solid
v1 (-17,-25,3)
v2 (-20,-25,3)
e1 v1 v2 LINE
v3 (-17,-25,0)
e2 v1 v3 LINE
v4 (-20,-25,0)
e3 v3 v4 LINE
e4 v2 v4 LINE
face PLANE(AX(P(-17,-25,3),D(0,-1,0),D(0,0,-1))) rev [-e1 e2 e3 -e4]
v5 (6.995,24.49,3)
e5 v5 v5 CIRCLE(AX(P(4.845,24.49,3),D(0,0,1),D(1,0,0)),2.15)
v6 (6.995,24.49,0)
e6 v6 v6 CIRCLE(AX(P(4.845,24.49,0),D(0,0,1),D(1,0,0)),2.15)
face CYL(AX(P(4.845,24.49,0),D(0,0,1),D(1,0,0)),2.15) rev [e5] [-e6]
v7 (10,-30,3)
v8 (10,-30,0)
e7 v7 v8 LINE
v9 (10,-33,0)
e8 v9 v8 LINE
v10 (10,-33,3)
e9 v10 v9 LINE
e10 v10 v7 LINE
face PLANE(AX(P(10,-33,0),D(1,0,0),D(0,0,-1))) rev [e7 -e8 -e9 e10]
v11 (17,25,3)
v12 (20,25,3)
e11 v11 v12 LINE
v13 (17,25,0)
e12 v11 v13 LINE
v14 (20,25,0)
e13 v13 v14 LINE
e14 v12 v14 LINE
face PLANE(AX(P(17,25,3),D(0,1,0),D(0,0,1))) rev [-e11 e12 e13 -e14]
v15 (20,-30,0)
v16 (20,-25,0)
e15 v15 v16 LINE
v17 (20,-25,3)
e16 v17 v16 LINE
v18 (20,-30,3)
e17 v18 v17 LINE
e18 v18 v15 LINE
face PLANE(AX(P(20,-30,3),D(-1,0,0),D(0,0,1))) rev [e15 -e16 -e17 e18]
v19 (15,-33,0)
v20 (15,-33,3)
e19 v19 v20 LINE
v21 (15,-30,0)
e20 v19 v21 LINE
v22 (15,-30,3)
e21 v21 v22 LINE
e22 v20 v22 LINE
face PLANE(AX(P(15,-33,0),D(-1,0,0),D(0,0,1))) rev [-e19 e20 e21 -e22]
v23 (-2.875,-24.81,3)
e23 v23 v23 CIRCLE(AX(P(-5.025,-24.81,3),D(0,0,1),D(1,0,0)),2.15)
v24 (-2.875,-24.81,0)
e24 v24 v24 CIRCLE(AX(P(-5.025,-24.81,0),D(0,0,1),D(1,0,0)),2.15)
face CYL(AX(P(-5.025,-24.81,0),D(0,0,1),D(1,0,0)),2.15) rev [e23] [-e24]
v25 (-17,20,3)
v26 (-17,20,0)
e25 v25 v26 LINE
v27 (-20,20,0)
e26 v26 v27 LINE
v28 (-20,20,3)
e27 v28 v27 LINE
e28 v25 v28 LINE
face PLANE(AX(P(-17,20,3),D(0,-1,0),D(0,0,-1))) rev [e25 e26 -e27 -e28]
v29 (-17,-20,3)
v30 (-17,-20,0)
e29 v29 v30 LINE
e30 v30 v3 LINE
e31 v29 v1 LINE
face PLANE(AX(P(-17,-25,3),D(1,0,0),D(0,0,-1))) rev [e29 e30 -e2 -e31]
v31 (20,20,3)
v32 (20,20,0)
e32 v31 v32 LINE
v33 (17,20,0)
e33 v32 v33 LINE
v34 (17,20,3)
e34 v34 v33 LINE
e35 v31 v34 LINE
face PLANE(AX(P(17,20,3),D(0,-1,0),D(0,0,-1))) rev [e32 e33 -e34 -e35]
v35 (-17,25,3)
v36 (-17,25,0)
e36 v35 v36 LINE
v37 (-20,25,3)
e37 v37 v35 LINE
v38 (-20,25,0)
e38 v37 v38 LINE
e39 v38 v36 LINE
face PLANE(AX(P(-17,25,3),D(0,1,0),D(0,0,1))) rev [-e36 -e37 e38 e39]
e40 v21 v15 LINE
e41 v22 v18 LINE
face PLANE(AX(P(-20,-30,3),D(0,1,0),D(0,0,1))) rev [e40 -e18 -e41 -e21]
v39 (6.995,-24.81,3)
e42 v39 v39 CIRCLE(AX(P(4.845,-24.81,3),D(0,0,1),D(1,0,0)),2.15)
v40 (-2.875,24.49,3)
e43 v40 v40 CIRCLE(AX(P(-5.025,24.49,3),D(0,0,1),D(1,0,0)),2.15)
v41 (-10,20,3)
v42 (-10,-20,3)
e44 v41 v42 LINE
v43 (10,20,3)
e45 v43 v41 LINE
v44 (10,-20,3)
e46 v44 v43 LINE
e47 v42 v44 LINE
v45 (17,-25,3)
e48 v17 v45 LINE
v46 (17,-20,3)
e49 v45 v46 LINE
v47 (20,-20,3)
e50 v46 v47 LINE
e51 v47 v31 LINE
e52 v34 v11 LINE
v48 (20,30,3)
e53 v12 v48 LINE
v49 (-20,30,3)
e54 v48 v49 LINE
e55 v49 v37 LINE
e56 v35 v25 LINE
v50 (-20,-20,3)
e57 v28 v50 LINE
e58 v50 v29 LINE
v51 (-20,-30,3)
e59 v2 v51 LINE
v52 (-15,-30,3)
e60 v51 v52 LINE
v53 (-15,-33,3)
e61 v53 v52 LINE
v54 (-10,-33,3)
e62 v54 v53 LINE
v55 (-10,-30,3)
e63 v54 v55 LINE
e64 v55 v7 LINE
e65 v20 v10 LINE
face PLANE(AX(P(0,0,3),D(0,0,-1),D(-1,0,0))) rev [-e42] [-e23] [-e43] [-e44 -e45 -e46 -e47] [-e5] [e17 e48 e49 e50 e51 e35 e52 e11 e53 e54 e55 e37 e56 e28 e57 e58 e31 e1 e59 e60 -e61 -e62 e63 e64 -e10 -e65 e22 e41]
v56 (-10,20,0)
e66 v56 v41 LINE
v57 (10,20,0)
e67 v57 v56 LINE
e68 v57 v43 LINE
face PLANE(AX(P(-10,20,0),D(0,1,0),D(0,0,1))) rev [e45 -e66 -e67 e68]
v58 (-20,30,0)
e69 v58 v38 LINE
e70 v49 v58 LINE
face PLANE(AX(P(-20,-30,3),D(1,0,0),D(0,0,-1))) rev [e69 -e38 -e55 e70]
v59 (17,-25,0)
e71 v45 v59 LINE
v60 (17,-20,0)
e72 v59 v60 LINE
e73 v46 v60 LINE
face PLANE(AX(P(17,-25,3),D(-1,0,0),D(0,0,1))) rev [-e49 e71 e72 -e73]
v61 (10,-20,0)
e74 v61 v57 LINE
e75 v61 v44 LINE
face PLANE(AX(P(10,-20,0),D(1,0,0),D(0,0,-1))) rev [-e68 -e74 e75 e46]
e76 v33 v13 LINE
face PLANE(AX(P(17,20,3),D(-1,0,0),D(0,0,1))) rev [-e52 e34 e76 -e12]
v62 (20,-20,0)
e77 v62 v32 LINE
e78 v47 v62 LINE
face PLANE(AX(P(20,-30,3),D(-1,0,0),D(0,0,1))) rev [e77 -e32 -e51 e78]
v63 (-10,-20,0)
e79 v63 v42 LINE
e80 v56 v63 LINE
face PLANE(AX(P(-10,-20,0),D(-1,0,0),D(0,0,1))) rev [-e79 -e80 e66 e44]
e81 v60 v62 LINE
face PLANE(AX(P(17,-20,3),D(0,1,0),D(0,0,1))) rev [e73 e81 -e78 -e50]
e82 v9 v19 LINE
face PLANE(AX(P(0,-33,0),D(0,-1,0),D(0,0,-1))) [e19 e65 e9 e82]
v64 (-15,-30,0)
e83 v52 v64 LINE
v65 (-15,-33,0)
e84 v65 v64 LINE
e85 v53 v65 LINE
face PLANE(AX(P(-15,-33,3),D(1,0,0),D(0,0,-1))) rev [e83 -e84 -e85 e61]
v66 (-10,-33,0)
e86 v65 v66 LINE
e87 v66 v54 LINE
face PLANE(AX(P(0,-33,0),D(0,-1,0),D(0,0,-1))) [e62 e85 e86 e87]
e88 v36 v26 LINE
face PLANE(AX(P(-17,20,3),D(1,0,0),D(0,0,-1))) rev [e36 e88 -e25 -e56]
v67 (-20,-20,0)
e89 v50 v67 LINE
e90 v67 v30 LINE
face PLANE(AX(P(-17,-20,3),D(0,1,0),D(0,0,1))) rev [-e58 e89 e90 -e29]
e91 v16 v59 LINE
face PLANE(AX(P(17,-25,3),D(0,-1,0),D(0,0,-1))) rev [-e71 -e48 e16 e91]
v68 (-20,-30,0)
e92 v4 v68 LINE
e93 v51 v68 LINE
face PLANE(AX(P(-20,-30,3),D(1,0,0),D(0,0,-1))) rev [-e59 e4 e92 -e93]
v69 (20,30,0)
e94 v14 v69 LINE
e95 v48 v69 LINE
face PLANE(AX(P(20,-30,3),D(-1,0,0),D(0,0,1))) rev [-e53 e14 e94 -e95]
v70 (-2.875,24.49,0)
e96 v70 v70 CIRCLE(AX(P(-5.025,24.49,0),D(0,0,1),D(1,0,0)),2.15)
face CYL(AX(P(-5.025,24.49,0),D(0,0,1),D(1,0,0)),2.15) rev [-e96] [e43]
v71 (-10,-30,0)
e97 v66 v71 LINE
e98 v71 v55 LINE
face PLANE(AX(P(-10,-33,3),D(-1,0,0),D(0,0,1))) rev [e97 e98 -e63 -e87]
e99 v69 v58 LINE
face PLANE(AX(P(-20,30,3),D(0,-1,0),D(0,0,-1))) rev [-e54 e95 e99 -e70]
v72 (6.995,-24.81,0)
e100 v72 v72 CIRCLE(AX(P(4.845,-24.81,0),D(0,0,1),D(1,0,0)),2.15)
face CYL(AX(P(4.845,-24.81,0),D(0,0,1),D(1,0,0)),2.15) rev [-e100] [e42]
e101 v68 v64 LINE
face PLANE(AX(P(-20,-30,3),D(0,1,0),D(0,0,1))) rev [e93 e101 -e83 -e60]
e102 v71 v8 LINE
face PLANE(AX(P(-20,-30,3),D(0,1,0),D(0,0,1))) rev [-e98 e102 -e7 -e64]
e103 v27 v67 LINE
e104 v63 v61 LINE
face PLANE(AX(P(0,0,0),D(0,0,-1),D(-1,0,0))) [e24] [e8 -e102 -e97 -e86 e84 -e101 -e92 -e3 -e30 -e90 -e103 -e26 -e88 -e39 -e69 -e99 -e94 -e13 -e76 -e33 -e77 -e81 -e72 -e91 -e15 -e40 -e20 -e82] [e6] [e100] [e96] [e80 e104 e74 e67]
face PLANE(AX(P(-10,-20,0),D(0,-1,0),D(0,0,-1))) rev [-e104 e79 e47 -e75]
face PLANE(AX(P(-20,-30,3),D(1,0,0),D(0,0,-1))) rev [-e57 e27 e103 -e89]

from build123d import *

# Parameters (mm, degrees)
SKETCH1_W           = 40
SKETCH1_H           = 60
BOSS_EXTRUDE1_DEPTH = 3
SKETCH2_R           = 2.15
SKETCH2_W           = 20
SKETCH2_H           = 40
CUT_EXTRUDE1_DEPTH  = 3
SKETCH3_W           = 5
SKETCH3_H           = 3
BOSS_EXTRUDE2_DEPTH = 3
SKETCH4_W           = 3
SKETCH4_H           = 5
CUT_EXTRUDE2_DEPTH  = 3


with BuildPart() as part:
    # Sketch1 → Boss-Extrude1 (new body)
    with BuildSketch(Plane.XY):
        Rectangle(SKETCH1_W, SKETCH1_H)
    extrude(amount=BOSS_EXTRUDE1_DEPTH)

    # Sketch2 → Cut-Extrude1 (cut)
    with BuildSketch(Plane.XY.offset(3)):
        with Locations((4.845, 24.49)):
            Circle(SKETCH2_R)
        with Locations((-5.025, 24.49)):
            Circle(SKETCH2_R)
        with Locations((-5.025, -24.81)):
            Circle(SKETCH2_R)
        with Locations((4.845, -24.81)):
            Circle(SKETCH2_R)
        Rectangle(SKETCH2_W, SKETCH2_H)
    extrude(amount=-CUT_EXTRUDE1_DEPTH, mode=Mode.SUBTRACT)

    # Sketch3 → Boss-Extrude2 (add)
    with BuildSketch(Plane.XZ.offset(30)):
        with Locations((12.5, 1.5)):
            Rectangle(SKETCH3_W, SKETCH3_H)
        with Locations((-12.5, 1.5)):
            Rectangle(SKETCH3_W, SKETCH3_H)
    extrude(amount=BOSS_EXTRUDE2_DEPTH)

    # Sketch4 → Cut-Extrude2 (cut)
    with BuildSketch(Plane(origin=(0, 0, 0), x_dir=(-1, 0, 0), z_dir=(0, 0, -1))):
        with Locations((-18.5, -22.5)):
            Rectangle(SKETCH4_W, SKETCH4_H)
        with Locations((-18.5, 22.5)):
            Rectangle(SKETCH4_W, SKETCH4_H)
        with Locations((18.5, 22.5)):
            Rectangle(SKETCH4_W, SKETCH4_H)
        with Locations((18.5, -22.5)):
            Rectangle(SKETCH4_W, SKETCH4_H)
    extrude(amount=-CUT_EXTRUDE2_DEPTH, mode=Mode.SUBTRACT)


solid = part.part
